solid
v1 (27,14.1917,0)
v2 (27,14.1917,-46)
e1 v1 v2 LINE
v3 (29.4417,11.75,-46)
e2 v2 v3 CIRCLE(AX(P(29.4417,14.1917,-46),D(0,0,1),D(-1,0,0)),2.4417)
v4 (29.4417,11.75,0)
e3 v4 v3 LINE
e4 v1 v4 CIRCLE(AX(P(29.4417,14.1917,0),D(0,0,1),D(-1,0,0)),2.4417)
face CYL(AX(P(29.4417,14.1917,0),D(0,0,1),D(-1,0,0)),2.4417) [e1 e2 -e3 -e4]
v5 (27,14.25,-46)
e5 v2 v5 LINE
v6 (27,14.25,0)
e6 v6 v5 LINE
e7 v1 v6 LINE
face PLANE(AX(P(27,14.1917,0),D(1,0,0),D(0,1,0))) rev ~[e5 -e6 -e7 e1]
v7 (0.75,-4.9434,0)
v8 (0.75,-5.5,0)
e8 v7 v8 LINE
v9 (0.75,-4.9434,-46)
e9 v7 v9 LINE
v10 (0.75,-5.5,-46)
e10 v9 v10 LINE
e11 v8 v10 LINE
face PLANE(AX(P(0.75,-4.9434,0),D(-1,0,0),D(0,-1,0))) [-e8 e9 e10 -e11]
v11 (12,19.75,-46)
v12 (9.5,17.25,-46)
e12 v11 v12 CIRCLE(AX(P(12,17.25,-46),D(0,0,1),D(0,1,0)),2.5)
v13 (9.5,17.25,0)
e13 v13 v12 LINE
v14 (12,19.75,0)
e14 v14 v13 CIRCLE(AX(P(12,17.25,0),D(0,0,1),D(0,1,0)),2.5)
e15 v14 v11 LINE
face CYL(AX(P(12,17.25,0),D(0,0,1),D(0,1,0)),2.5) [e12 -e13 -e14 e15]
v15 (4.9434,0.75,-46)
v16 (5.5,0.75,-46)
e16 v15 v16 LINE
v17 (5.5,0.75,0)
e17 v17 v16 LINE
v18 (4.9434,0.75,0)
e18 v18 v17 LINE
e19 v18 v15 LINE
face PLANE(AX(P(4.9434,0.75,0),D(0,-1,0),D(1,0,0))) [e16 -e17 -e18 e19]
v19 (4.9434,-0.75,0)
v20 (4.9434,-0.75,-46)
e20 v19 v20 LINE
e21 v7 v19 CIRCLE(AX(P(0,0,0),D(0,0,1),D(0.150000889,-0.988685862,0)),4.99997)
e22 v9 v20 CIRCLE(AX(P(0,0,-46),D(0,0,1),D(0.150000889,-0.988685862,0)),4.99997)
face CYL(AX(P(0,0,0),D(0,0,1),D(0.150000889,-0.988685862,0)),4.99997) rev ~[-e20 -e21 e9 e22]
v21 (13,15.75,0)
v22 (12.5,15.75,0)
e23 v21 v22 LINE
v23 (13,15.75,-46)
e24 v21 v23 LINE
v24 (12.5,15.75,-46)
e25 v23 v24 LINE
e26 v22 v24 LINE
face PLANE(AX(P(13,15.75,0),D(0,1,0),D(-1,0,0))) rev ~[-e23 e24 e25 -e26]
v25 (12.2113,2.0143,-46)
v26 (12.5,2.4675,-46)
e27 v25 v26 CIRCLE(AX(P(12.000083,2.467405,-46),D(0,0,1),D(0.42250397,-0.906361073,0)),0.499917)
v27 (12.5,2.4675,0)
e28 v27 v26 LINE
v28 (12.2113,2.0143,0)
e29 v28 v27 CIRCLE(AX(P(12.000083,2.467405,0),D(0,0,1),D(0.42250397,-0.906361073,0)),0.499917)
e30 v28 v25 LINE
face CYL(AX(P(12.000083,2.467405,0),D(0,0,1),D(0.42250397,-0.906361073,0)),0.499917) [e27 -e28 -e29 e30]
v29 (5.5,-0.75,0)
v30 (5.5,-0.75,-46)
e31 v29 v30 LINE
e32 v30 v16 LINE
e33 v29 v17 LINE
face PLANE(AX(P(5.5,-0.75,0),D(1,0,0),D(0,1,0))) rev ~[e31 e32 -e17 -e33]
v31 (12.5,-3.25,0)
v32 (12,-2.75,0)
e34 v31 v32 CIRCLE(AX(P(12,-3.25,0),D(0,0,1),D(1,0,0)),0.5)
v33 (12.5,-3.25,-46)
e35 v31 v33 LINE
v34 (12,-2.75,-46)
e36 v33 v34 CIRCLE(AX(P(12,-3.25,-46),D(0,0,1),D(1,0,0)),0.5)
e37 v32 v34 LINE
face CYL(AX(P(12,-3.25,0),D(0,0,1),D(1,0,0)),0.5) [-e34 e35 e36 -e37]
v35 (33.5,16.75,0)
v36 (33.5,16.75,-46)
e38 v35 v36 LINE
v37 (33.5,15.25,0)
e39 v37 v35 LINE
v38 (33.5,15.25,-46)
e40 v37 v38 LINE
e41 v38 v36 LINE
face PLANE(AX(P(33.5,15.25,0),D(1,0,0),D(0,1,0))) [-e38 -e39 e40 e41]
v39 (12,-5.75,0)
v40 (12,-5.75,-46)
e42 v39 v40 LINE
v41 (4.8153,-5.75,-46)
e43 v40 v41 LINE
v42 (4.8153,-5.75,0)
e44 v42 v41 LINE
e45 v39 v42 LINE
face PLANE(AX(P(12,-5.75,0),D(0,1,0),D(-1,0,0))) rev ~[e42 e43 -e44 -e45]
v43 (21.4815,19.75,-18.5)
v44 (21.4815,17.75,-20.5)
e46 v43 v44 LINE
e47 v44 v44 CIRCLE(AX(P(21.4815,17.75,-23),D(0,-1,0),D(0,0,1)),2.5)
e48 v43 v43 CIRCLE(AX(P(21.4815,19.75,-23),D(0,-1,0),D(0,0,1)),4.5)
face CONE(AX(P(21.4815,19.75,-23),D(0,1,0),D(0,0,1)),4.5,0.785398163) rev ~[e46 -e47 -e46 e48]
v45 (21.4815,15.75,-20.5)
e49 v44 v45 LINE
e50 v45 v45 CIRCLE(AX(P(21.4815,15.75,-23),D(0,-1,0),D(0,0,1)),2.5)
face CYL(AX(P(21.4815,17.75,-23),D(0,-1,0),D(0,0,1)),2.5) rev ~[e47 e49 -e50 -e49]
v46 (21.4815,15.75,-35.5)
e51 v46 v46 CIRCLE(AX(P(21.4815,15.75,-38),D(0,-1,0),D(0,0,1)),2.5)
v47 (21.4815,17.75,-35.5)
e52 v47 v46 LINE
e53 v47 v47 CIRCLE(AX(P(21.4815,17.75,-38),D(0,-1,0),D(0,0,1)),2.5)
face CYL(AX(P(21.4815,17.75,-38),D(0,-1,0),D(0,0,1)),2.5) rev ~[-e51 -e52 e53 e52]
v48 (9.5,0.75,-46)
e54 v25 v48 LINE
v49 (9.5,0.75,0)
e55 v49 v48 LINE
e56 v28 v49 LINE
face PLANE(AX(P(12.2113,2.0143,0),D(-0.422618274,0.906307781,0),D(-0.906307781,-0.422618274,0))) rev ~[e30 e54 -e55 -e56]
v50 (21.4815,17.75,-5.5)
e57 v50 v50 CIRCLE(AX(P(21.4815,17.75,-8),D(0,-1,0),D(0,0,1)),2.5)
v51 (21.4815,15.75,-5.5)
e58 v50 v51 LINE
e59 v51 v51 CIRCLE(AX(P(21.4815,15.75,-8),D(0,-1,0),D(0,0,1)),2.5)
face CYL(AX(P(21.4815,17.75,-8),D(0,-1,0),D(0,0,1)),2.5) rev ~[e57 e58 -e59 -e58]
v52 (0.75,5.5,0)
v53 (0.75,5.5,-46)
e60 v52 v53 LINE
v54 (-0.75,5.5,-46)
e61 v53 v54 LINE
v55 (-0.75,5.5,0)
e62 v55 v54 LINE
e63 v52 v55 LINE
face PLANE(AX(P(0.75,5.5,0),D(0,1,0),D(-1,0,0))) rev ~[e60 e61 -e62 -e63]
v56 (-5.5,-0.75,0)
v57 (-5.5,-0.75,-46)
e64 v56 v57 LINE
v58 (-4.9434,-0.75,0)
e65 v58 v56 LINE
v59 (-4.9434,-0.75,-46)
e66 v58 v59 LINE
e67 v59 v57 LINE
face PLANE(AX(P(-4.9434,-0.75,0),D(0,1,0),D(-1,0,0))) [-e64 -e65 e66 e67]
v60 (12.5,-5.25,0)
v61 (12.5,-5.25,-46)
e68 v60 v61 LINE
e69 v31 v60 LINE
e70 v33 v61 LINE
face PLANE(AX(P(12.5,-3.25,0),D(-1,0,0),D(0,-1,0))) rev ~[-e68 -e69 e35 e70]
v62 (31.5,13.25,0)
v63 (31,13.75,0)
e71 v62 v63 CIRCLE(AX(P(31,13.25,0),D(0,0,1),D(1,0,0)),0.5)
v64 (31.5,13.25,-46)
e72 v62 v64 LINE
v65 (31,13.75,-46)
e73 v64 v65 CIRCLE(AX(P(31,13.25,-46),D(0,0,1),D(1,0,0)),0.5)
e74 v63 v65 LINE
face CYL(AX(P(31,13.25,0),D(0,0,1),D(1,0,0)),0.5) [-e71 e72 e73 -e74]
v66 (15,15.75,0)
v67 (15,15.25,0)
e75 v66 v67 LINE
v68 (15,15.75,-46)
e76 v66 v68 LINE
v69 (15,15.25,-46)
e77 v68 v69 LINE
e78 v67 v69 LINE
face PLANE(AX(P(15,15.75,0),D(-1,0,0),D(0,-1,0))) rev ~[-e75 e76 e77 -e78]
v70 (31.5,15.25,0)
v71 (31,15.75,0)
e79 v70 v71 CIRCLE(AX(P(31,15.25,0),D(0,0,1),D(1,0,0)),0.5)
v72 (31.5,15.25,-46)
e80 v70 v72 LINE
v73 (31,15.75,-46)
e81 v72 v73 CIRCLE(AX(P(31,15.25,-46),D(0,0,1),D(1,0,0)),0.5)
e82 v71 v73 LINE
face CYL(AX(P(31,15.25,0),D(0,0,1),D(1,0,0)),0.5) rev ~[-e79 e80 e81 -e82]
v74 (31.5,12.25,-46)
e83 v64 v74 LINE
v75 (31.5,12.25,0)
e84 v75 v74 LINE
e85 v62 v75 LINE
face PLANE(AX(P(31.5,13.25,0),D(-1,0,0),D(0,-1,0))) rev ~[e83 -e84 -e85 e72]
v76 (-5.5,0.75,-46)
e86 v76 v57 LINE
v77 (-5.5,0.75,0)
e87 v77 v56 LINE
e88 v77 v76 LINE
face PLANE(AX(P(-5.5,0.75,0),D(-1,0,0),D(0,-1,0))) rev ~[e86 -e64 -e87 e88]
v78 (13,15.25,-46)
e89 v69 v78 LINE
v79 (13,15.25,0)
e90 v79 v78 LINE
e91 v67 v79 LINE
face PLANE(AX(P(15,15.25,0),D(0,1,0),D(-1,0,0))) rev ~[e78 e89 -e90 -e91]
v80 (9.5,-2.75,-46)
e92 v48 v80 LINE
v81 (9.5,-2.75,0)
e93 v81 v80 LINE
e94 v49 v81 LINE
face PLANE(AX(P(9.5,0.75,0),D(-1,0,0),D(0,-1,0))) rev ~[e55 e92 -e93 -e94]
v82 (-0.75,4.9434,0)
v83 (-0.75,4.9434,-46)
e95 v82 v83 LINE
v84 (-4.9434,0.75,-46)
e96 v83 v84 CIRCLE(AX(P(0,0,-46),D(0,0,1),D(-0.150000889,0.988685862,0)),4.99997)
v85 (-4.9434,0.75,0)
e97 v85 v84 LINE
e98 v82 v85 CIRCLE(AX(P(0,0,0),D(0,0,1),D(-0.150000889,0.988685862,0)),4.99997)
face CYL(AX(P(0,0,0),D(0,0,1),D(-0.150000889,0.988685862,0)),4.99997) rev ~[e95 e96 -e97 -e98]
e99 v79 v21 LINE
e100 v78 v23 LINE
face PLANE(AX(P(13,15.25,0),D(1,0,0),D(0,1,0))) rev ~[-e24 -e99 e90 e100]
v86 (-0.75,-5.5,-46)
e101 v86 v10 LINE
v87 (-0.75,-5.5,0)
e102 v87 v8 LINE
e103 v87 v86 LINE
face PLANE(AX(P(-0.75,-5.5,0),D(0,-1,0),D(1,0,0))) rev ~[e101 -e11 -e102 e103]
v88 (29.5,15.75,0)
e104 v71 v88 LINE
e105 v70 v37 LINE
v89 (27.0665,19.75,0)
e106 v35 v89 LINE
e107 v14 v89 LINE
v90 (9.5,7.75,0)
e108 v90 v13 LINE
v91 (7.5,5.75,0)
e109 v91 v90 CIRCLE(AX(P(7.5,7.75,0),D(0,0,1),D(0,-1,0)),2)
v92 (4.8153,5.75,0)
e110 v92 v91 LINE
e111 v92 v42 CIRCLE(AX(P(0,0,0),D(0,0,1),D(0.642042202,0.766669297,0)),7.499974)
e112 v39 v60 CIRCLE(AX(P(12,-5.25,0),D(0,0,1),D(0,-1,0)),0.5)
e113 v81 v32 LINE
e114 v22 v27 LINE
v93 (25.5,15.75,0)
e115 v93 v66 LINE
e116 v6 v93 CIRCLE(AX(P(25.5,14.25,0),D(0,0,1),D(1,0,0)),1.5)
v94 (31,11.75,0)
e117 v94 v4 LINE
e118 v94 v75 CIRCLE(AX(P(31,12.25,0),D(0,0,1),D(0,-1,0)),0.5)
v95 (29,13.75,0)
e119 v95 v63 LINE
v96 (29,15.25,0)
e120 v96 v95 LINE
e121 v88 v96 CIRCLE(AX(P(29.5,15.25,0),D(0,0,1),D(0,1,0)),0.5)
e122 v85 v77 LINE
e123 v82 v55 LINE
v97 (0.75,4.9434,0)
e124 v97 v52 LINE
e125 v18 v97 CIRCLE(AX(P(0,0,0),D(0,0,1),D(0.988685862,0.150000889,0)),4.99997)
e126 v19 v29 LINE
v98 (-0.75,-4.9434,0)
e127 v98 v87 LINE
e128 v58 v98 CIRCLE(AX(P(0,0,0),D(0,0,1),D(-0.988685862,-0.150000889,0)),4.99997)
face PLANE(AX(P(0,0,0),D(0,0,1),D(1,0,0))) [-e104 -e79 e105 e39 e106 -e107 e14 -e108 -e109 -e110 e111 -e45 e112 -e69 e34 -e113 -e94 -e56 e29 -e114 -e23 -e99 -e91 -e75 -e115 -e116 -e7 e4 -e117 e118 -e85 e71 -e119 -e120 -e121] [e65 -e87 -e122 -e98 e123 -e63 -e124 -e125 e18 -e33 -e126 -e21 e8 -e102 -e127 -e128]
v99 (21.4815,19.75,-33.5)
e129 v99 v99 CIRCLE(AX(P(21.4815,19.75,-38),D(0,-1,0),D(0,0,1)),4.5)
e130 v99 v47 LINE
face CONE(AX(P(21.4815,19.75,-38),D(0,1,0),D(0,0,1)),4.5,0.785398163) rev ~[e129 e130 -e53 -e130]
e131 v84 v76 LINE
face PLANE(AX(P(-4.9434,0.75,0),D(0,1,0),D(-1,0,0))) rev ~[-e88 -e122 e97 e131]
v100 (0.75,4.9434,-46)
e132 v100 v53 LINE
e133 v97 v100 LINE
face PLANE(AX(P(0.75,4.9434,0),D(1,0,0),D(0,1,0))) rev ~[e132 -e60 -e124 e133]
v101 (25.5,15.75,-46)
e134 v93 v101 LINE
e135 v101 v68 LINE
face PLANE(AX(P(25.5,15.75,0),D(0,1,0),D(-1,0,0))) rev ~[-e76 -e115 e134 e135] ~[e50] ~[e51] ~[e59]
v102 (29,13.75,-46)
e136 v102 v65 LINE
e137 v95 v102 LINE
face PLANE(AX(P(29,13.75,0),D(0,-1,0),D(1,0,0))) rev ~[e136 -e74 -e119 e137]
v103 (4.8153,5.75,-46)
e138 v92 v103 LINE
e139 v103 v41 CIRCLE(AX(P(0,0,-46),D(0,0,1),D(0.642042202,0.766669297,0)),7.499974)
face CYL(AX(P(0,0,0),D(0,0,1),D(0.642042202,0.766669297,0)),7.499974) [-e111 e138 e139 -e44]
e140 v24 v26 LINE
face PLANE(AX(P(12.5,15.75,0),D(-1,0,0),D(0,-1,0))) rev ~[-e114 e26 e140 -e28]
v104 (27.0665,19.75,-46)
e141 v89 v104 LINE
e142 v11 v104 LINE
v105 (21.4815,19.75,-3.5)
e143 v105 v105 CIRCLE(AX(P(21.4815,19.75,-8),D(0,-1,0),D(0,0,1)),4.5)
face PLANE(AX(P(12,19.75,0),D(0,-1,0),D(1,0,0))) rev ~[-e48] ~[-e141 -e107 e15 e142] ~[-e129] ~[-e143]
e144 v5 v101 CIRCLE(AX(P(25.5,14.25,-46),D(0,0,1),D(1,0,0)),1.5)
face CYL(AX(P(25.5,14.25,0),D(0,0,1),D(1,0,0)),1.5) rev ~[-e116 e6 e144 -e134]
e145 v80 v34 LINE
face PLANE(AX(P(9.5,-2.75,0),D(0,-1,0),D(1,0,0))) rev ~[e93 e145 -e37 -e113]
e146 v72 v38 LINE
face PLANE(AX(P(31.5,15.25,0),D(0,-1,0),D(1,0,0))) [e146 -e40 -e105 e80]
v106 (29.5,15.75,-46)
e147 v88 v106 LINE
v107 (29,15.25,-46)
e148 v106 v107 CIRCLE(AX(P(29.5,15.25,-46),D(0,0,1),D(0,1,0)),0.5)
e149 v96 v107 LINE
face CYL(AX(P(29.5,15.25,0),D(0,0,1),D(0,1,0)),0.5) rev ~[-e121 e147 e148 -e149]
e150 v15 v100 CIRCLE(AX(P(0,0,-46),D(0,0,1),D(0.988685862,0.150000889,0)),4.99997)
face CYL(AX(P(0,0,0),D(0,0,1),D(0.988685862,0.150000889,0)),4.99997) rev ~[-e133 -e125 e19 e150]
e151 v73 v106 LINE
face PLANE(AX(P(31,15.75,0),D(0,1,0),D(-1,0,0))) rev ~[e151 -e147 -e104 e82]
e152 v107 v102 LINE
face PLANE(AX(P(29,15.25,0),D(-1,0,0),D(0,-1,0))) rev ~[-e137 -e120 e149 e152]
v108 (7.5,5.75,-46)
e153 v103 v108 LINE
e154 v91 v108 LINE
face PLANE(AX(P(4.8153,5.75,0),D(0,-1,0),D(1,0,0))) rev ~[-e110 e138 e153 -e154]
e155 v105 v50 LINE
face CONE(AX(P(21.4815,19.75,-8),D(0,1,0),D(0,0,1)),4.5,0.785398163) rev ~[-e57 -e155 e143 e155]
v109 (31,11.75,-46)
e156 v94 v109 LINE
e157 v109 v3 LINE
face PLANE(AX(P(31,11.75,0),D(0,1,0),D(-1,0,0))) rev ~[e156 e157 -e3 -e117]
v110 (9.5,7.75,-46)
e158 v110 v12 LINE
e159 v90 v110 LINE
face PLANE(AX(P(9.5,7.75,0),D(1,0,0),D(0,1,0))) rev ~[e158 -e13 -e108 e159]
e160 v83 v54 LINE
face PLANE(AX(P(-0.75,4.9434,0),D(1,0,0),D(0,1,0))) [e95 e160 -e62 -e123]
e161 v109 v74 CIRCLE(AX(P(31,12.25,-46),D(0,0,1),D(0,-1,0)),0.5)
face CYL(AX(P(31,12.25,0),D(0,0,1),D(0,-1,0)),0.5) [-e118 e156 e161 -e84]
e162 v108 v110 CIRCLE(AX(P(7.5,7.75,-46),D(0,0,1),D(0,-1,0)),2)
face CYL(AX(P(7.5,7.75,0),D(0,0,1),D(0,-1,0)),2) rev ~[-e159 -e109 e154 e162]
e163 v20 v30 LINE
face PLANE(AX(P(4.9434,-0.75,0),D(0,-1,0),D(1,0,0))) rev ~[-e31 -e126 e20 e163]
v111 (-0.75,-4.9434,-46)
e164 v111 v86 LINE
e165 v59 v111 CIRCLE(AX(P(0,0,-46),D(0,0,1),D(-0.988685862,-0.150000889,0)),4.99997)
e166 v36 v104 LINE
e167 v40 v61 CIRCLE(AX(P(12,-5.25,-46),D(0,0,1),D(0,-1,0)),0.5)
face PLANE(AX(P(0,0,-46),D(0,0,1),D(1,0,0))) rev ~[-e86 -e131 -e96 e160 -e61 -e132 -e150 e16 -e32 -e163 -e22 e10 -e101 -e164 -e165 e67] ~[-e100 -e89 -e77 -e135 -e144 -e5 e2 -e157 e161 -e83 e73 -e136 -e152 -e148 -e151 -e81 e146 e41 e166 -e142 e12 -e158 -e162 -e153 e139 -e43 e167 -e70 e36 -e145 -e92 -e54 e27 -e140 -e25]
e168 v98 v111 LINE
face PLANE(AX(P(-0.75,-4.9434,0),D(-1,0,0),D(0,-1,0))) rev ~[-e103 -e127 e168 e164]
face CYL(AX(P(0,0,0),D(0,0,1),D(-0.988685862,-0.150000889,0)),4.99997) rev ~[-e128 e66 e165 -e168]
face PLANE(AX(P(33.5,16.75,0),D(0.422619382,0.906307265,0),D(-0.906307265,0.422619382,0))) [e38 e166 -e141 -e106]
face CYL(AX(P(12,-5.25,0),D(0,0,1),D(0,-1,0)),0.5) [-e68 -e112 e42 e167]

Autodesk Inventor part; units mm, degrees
ref_plane "YZ Plane" through (0, 0, 0) normal (1, 0, 0) x (0, 1, 0)
ref_plane "XZ Plane" through (0, 0, 0) normal (0, 1, 0) x (-1, 0, 0)
ref_plane "XY Plane" through (0, 0, 0) normal (0, 0, 1) x (1, 0, 0)
sketch "Boceto1" plane through (0, 0, 0) normal (0, 0, 1) x (1, 0, 0)
  arc A0 (4.8153, 5.75) -> (4.8153, -5.75) centre (0, 0) ccw
  line L0 (0, 12.1119) -> (0, -11.4197) construction
  line L1 (-11.1817, 0) -> (12.1806, 0) construction
  line L2 (4.9434, 0.75) -> (5.5, 0.75)
  line L3 (4.9434, -0.75) -> (5.5, -0.75)
  line L4 (5.5, -0.75) -> (5.5, 0.75)
  line L5 (-0.75, 4.9434) -> (-0.75, 5.5)
  line L6 (0.75, 5.5) -> (-0.75, 5.5)
  line L7 (0.75, 4.9434) -> (0.75, 5.5)
  line L8 (-4.9434, -0.75) -> (-5.5, -0.75)
  line L9 (-5.5, 0.75) -> (-5.5, -0.75)
  line L10 (-4.9434, 0.75) -> (-5.5, 0.75)
  line L11 (0.75, -4.9434) -> (0.75, -5.5)
  line L12 (-0.75, -5.5) -> (0.75, -5.5)
  line L13 (-0.75, -4.9434) -> (-0.75, -5.5)
  arc A1 (-0.75, 4.9434) -> (-4.9434, 0.75) centre (0, 0) ccw
  arc A2 (-4.9434, -0.75) -> (-0.75, -4.9434) centre (0, 0) ccw
  arc A3 (0.75, -4.9434) -> (4.9434, -0.75) centre (0, 0) ccw
  arc A4 (4.9434, 0.75) -> (0.75, 4.9434) centre (0, 0) ccw
  circle A5 centre (0, 0) radius 5 construction
  line L14 (-11.772, 7.5) -> (14.517, 7.5) construction
  line L15 (-11.772, -7.5) -> (14.517, -7.5) construction
  line L16 (4.8153, 5.75) -> (7.5, 5.75)
  line L17 (9.5, 7.75) -> (9.5, 17.25)
  line L18 (12, 19.75) -> (27.0665, 19.75)
  line L19 (31.5, 15.25) -> (31.5, 15.25)
  line L20 (31, 15.75) -> (29.5, 15.75)
  line L21 (29, 15.25) -> (29, 13.75)
  line L22 (29, 13.75) -> (31, 13.75)
  line L23 (31.5, 13.25) -> (31.5, 12.25)
  line L24 (31, 11.75) -> (29.4417, 11.75)
  line L25 (27, 14.1917) -> (27, 14.25)
  line L26 (25.5, 15.75) -> (15, 15.75)
  line L27 (15, 15.75) -> (15, 15.25)
  line L28 (15, 15.25) -> (13, 15.25)
  line L29 (13, 15.25) -> (13, 15.75)
  line L30 (13, 15.75) -> (12.5, 15.75)
  line L31 (12.5, 15.75) -> (12.5, 2.4675)
  line L32 (12.2113, 2.0143) -> (9.5, 0.75)
  line L33 (9.5, 0.75) -> (9.5, -2.75)
  line L34 (9.5, -2.75) -> (12, -2.75)
  line L35 (12.5, -3.25) -> (12.5, -5.25)
  line L36 (12, -5.75) -> (4.8153, -5.75)
  line L37 (33.5, 15.25) -> (33.5, 16.75)
  line L38 (31.5, 15.25) -> (33.5, 15.25)
  arc A6 (31, 11.75) -> (31.5, 12.25) centre (31, 12.25) ccw
  arc A7 (31.5, 13.25) -> (31, 13.75) centre (31, 13.25) ccw
  arc A8 (31.5, 15.25) -> (31, 15.75) centre (31, 15.25) ccw
  arc A9 (29.5, 15.75) -> (29, 15.25) centre (29.5, 15.25) ccw
  arc A10 (27, 14.25) -> (25.5, 15.75) centre (25.5, 14.25) ccw
  arc A11 (27, 14.1917) -> (29.4417, 11.75) centre (29.4417, 14.1917) ccw
  arc A12 (12, 19.75) -> (9.5, 17.25) centre (12, 17.25) ccw
  arc A13 (12.2113, 2.0143) -> (12.5, 2.4675) centre (12, 2.4675) ccw
  arc A14 (12.5, -3.25) -> (12, -2.75) centre (12, -3.25) ccw
  arc A15 (12, -5.75) -> (12.5, -5.25) centre (12, -5.25) ccw
  arc A16 (7.5, 5.75) -> (9.5, 7.75) centre (7.5, 7.75) ccw
  line L39 (33.5, 16.75) -> (27.0665, 19.75)
  point P0 (31.5, 13.75)
  point P1 (31.5, 11.75)
  point P2 (27, 11.75)
  point P3 (27, 15.75)
  point P4 (12.5, -2.75)
  point P5 (12.5, -5.75)
  point P6 (-7.5, 0)
  point P7 (5.5, 0)
  dimension "d0" = 15
  dimension "d4" = 0.75
  dimension "d6" = 1.5
  dimension "d11" = 360
  dimension "d13" = 10
  dimension "d14" = 0.5
  dimension "d15" = 5
  dimension "d16" = 1.75
  dimension "d17" = 1.75
  dimension "d18" = 11.5
  dimension "d20" = 3
  dimension "d21" = 3
  dimension "d22" = 3
  dimension "d23" = 4
  dimension "d24" = 115
  dimension "d26" = 19
  dimension "d27" = 14
  dimension "d28" = 0.5
  dimension "d30" = 0.5
  dimension "d31" = 8
  dimension "d33" = 0.5
  dimension "d36" = 2
  dimension "d41" = 65
  dimension "d43" = 0.5
  dimension "d44" = 0.5
  dimension "d45" = 1.5
  dimension "d47" = 2.5
  dimension "d48" = 0.5
  dimension "d49" = 2
  dimension "d88" = 20
  dimension "d89" = 4
  dimension "d92" = 27.25
  dimension "d93" = 2
  dimension "d94" = 2
  dimension "d95" = 14.5
  dimension "d96" = 2.4417
  dimension "d98" = 155
  dimension "d99" = 2
  dimension "d101" = 1.5
  dimension "d102" = 2.5
  dimension "d103" = 24
extrude "Extrusión1" add sketch "Boceto1" against normal blind 46
sketch "Boceto2" plane through (12, 19.75, 0) normal (0, 1, 0) x (1, 0, 0)
  line L0 (9.4815, 49.0857) -> (9.4815, -3.1706) construction
  line L1 (20.8474, 23) -> (-1.8844, 23) construction
  line L2 (0, 0) -> (0, 46) construction
  line L3 (15.0665, 0) -> (0, 0) construction
  line L4 (0, 46) -> (15.0665, 46) construction
  circle A0 centre (9.4815, 23) radius 2.5
  circle A1 centre (9.4815, 23) radius 4.5
  circle A2 centre (9.4815, 8) radius 2.5
  circle A3 centre (9.4815, 8) radius 4.5
  circle A4 centre (9.4815, 38) radius 2.5
  circle A5 centre (9.4815, 38) radius 4.5
  line L5 (15.0665, 0) -> (15.0665, 46) projected
  point P0 (-12, 0)
  dimension "d67" = 23
  dimension "d68" = 23
  dimension "d69" = 5
  dimension "d70" = 9
  dimension "d72" = 2
  dimension "d75" = 15
  dimension "d104" = 5.585
hole "Agujero1" at (21.4815, 19.75, -38) at (21.4815, 19.75, -23) at (21.4815, 19.75, -8) direction (0, -1, 0) diameter 5 end through all countersink diameter 9 countersink angle 90
properties part number "HIN-61 BISAGRA" material "Aluminio"
